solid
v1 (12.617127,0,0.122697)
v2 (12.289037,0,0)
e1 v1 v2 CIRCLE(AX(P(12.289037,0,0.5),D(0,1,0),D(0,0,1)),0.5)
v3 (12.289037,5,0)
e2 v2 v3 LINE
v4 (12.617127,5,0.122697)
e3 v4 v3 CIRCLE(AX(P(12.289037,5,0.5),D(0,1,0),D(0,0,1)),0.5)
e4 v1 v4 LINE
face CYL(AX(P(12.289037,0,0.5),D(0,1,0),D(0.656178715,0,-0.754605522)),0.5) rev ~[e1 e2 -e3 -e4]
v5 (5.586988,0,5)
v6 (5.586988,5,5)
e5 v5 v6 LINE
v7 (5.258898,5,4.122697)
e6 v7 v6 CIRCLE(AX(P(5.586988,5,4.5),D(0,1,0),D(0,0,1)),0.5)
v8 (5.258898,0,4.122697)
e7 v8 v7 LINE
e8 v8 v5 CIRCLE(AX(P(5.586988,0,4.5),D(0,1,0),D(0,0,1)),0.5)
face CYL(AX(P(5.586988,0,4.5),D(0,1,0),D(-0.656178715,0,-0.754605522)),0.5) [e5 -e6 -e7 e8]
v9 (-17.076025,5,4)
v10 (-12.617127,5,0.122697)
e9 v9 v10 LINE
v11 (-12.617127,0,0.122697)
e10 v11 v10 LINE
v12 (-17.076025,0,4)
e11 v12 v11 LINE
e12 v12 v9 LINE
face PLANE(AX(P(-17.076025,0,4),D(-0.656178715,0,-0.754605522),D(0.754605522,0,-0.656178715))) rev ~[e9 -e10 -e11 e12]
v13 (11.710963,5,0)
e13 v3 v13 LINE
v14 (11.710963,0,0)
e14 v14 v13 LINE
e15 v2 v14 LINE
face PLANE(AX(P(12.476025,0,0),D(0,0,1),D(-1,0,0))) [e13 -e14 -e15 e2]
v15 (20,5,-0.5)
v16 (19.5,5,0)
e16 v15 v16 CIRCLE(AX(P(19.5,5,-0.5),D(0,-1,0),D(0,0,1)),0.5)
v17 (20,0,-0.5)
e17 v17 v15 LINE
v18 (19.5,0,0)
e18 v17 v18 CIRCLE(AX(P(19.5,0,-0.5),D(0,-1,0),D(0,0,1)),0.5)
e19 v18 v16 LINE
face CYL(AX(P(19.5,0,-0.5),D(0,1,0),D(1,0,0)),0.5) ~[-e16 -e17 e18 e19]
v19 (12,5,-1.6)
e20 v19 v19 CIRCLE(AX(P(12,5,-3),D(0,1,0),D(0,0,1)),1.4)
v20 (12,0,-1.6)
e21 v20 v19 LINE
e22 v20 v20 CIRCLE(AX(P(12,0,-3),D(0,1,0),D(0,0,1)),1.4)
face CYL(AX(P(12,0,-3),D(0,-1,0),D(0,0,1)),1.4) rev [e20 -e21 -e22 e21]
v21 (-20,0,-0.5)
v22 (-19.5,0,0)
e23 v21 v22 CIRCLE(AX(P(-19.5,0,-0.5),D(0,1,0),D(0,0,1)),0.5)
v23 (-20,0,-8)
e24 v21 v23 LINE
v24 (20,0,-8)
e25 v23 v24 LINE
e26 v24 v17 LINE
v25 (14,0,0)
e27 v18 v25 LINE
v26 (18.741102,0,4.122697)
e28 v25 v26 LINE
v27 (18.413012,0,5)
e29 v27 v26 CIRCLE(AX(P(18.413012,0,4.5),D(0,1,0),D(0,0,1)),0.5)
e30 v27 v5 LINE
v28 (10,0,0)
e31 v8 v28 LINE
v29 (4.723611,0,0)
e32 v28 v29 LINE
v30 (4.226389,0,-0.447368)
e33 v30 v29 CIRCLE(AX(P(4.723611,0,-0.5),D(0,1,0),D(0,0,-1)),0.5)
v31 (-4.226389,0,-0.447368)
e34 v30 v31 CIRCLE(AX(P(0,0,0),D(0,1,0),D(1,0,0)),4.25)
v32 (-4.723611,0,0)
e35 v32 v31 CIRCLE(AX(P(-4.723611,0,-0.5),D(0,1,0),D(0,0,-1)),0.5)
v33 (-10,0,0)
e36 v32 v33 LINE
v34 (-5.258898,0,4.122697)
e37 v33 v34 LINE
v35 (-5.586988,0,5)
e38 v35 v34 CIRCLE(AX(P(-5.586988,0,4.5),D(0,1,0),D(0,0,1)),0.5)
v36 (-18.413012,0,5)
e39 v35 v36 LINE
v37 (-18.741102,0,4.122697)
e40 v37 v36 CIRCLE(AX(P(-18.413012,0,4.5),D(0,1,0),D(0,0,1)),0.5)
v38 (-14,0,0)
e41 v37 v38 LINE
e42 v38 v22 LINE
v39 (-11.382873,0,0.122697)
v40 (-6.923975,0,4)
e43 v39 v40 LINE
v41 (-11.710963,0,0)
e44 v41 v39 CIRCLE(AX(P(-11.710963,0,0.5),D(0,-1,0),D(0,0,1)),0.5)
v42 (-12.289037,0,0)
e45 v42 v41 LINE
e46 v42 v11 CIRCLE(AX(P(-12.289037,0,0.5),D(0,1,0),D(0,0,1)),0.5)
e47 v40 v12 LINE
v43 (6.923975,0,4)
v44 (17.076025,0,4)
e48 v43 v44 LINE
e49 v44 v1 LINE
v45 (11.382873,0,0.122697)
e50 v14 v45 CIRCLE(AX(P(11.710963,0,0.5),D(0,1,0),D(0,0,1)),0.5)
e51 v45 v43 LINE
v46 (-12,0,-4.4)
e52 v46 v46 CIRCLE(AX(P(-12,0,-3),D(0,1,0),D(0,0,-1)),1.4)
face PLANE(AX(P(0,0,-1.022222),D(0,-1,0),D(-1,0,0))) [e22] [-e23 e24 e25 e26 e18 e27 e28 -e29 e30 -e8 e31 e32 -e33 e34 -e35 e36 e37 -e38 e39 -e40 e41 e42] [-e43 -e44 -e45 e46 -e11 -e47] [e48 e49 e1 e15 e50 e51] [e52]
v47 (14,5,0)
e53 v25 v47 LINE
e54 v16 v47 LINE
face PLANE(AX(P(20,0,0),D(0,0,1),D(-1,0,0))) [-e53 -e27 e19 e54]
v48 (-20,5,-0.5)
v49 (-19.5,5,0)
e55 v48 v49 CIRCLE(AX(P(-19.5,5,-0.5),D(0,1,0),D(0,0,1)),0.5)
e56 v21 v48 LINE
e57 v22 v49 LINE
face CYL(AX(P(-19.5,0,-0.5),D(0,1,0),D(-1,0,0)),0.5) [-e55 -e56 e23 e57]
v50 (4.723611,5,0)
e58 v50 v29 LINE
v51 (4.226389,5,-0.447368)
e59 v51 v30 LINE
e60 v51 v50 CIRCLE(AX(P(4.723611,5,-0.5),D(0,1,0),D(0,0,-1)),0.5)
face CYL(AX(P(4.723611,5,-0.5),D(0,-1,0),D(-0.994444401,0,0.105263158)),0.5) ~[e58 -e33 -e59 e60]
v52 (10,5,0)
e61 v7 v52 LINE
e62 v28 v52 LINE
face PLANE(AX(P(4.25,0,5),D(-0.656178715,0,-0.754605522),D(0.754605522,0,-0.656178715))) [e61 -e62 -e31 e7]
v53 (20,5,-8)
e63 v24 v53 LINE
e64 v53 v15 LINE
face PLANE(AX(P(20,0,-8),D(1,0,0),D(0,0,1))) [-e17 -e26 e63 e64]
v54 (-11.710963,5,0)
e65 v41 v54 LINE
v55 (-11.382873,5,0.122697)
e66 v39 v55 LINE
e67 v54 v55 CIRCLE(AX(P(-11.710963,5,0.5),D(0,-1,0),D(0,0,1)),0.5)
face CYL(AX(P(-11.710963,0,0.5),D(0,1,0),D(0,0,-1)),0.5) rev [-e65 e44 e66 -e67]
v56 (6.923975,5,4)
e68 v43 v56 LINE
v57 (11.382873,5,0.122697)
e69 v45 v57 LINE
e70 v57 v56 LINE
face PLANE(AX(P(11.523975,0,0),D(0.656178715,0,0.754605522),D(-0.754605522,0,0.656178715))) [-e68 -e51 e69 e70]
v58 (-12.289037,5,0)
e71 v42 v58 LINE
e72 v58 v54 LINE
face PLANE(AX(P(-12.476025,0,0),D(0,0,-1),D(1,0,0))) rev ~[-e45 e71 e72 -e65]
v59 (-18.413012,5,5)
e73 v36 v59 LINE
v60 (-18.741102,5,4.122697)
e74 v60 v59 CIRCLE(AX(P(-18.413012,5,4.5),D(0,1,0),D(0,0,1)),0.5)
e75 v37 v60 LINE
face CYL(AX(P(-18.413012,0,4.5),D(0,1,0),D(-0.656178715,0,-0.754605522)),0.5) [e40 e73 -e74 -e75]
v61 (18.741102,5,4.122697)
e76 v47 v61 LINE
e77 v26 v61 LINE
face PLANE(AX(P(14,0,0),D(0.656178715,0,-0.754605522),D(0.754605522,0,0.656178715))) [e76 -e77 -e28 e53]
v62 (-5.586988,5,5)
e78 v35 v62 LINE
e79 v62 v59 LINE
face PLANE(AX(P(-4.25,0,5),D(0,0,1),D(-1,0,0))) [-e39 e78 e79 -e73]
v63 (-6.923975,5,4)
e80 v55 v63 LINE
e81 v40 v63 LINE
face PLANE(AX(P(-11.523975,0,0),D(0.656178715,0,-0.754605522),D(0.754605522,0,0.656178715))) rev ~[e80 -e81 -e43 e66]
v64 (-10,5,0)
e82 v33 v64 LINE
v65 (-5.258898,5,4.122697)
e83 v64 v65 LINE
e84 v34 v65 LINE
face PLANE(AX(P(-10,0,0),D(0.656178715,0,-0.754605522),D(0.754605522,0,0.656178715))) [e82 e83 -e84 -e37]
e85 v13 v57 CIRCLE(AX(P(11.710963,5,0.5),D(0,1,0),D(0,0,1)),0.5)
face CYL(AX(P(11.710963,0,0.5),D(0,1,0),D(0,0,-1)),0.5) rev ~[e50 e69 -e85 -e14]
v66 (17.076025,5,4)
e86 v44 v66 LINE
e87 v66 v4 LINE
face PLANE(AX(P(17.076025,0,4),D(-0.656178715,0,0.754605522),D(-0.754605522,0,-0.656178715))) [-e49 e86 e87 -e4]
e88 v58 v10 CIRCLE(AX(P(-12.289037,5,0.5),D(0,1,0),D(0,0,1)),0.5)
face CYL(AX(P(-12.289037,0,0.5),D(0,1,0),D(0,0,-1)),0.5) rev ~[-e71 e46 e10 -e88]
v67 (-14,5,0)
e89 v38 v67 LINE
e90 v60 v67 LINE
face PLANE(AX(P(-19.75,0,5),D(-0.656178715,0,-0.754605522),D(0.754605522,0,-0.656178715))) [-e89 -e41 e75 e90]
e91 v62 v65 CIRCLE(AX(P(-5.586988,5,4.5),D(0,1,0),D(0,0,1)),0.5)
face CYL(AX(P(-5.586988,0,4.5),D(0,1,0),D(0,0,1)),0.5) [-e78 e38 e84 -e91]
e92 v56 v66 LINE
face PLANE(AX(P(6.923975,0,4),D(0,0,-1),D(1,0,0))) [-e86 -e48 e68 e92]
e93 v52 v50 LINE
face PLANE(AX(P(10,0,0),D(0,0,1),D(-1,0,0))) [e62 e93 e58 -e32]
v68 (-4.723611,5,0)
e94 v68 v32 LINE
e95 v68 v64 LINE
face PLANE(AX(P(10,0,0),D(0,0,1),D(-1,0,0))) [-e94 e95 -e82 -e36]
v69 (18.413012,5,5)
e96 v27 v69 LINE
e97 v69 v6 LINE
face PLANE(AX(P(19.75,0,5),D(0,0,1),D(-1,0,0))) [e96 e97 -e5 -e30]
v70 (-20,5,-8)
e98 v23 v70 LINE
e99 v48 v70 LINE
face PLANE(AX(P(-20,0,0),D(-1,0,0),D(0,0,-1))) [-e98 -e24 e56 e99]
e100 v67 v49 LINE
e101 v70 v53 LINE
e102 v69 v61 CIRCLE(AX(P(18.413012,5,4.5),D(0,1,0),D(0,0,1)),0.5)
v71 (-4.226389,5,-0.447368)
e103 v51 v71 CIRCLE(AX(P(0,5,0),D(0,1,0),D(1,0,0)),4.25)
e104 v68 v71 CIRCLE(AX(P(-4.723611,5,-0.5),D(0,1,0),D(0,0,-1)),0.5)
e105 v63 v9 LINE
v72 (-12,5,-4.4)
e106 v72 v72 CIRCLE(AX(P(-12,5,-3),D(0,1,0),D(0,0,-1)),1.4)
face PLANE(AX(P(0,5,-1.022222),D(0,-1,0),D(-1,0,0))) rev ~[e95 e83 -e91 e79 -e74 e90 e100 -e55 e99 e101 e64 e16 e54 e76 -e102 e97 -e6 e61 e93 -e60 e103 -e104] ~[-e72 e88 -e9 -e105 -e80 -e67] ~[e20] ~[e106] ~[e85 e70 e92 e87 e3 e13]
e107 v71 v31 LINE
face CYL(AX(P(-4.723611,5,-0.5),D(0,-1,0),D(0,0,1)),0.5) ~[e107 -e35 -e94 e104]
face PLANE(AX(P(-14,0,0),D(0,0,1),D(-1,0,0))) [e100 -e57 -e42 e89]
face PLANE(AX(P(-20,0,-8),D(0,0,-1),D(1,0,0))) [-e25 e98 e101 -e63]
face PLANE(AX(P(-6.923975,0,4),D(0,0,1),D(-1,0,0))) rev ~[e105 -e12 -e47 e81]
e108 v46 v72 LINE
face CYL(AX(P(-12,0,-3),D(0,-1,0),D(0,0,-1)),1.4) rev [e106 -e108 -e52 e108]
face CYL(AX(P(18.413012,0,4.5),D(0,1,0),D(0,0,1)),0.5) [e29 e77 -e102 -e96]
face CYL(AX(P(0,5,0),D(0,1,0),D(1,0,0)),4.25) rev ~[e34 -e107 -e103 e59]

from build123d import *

# Parameters (mm, degrees)
SKETCH1_R           = 1.4
BOSS_EXTRUDE1_DEPTH = 5
CUT_EXTRUDE1_DEPTH  = 23.113344387
FILLET1_R           = 0.5


with BuildPart() as part:
    # Sketch1 → Boss-Extrude1 (new body)
    with BuildSketch(Plane(origin=(0, 0, 0), x_dir=(1, 0, 0), z_dir=(0, 1, 0))):
        Polygon((-20, 8), (20, 8), (20, 0), (14, 0), (19.75, -5), (4.25, -5), (10, 0), (-10, 0), (-4.25, -5), (-19.75, -5), (-14, 0), (-20, 0), align=None)
        with Locations(Location((12, 3, 0), (0, 0, 270))):
            Circle(SKETCH1_R, mode=Mode.SUBTRACT)
        with Locations(Location((-12, 3, 0), (0, 0, 90))):
            Circle(SKETCH1_R, mode=Mode.SUBTRACT)
        Polygon((12.476024935, 0), (11.523975065, 0), (6.923975065, -4), (17.076024935, -4), align=None, mode=Mode.SUBTRACT)
        Polygon((-12.476024935, 0), (-11.523975065, 0), (-6.923975065, -4), (-17.076024935, -4), align=None, mode=Mode.SUBTRACT)
    extrude(amount=BOSS_EXTRUDE1_DEPTH)

    # Sketch2 → Cut-Extrude1 (cut, through all)
    with BuildSketch(Plane(origin=(0, 5, 0), x_dir=(1, 0, 0), z_dir=(0, 1, 0))):
        with BuildLine():
            Line((-4.25, 0), (4.25, 0))
            ThreePointArc((4.25, 0), (0, 4.25), (-4.25, 0))
        make_face()
    extrude(amount=-CUT_EXTRUDE1_DEPTH, mode=Mode.SUBTRACT)

    # Fillet1
    fillet1_edges = [part.edges().sort_by_distance(p)[0] for p in [
        (20, 2.5, 0),
        (19.75, 2.5, 5),
        (4.25, 2.5, 5),
        (-4.25, 2.5, 5),
        (-19.75, 2.5, 5),
        (-20, 2.5, 0),
        (11.523975065, 2.5, 0),
        (12.476024935, 2.5, 0),
        (-12.476024935, 2.5, 0),
        (-11.523975065, 2.5, 0),
        (-4.25, 2.5, 0),
        (4.25, 2.5, 0),
    ]]
    fillet(fillet1_edges, radius=FILLET1_R)


solid = part.part
